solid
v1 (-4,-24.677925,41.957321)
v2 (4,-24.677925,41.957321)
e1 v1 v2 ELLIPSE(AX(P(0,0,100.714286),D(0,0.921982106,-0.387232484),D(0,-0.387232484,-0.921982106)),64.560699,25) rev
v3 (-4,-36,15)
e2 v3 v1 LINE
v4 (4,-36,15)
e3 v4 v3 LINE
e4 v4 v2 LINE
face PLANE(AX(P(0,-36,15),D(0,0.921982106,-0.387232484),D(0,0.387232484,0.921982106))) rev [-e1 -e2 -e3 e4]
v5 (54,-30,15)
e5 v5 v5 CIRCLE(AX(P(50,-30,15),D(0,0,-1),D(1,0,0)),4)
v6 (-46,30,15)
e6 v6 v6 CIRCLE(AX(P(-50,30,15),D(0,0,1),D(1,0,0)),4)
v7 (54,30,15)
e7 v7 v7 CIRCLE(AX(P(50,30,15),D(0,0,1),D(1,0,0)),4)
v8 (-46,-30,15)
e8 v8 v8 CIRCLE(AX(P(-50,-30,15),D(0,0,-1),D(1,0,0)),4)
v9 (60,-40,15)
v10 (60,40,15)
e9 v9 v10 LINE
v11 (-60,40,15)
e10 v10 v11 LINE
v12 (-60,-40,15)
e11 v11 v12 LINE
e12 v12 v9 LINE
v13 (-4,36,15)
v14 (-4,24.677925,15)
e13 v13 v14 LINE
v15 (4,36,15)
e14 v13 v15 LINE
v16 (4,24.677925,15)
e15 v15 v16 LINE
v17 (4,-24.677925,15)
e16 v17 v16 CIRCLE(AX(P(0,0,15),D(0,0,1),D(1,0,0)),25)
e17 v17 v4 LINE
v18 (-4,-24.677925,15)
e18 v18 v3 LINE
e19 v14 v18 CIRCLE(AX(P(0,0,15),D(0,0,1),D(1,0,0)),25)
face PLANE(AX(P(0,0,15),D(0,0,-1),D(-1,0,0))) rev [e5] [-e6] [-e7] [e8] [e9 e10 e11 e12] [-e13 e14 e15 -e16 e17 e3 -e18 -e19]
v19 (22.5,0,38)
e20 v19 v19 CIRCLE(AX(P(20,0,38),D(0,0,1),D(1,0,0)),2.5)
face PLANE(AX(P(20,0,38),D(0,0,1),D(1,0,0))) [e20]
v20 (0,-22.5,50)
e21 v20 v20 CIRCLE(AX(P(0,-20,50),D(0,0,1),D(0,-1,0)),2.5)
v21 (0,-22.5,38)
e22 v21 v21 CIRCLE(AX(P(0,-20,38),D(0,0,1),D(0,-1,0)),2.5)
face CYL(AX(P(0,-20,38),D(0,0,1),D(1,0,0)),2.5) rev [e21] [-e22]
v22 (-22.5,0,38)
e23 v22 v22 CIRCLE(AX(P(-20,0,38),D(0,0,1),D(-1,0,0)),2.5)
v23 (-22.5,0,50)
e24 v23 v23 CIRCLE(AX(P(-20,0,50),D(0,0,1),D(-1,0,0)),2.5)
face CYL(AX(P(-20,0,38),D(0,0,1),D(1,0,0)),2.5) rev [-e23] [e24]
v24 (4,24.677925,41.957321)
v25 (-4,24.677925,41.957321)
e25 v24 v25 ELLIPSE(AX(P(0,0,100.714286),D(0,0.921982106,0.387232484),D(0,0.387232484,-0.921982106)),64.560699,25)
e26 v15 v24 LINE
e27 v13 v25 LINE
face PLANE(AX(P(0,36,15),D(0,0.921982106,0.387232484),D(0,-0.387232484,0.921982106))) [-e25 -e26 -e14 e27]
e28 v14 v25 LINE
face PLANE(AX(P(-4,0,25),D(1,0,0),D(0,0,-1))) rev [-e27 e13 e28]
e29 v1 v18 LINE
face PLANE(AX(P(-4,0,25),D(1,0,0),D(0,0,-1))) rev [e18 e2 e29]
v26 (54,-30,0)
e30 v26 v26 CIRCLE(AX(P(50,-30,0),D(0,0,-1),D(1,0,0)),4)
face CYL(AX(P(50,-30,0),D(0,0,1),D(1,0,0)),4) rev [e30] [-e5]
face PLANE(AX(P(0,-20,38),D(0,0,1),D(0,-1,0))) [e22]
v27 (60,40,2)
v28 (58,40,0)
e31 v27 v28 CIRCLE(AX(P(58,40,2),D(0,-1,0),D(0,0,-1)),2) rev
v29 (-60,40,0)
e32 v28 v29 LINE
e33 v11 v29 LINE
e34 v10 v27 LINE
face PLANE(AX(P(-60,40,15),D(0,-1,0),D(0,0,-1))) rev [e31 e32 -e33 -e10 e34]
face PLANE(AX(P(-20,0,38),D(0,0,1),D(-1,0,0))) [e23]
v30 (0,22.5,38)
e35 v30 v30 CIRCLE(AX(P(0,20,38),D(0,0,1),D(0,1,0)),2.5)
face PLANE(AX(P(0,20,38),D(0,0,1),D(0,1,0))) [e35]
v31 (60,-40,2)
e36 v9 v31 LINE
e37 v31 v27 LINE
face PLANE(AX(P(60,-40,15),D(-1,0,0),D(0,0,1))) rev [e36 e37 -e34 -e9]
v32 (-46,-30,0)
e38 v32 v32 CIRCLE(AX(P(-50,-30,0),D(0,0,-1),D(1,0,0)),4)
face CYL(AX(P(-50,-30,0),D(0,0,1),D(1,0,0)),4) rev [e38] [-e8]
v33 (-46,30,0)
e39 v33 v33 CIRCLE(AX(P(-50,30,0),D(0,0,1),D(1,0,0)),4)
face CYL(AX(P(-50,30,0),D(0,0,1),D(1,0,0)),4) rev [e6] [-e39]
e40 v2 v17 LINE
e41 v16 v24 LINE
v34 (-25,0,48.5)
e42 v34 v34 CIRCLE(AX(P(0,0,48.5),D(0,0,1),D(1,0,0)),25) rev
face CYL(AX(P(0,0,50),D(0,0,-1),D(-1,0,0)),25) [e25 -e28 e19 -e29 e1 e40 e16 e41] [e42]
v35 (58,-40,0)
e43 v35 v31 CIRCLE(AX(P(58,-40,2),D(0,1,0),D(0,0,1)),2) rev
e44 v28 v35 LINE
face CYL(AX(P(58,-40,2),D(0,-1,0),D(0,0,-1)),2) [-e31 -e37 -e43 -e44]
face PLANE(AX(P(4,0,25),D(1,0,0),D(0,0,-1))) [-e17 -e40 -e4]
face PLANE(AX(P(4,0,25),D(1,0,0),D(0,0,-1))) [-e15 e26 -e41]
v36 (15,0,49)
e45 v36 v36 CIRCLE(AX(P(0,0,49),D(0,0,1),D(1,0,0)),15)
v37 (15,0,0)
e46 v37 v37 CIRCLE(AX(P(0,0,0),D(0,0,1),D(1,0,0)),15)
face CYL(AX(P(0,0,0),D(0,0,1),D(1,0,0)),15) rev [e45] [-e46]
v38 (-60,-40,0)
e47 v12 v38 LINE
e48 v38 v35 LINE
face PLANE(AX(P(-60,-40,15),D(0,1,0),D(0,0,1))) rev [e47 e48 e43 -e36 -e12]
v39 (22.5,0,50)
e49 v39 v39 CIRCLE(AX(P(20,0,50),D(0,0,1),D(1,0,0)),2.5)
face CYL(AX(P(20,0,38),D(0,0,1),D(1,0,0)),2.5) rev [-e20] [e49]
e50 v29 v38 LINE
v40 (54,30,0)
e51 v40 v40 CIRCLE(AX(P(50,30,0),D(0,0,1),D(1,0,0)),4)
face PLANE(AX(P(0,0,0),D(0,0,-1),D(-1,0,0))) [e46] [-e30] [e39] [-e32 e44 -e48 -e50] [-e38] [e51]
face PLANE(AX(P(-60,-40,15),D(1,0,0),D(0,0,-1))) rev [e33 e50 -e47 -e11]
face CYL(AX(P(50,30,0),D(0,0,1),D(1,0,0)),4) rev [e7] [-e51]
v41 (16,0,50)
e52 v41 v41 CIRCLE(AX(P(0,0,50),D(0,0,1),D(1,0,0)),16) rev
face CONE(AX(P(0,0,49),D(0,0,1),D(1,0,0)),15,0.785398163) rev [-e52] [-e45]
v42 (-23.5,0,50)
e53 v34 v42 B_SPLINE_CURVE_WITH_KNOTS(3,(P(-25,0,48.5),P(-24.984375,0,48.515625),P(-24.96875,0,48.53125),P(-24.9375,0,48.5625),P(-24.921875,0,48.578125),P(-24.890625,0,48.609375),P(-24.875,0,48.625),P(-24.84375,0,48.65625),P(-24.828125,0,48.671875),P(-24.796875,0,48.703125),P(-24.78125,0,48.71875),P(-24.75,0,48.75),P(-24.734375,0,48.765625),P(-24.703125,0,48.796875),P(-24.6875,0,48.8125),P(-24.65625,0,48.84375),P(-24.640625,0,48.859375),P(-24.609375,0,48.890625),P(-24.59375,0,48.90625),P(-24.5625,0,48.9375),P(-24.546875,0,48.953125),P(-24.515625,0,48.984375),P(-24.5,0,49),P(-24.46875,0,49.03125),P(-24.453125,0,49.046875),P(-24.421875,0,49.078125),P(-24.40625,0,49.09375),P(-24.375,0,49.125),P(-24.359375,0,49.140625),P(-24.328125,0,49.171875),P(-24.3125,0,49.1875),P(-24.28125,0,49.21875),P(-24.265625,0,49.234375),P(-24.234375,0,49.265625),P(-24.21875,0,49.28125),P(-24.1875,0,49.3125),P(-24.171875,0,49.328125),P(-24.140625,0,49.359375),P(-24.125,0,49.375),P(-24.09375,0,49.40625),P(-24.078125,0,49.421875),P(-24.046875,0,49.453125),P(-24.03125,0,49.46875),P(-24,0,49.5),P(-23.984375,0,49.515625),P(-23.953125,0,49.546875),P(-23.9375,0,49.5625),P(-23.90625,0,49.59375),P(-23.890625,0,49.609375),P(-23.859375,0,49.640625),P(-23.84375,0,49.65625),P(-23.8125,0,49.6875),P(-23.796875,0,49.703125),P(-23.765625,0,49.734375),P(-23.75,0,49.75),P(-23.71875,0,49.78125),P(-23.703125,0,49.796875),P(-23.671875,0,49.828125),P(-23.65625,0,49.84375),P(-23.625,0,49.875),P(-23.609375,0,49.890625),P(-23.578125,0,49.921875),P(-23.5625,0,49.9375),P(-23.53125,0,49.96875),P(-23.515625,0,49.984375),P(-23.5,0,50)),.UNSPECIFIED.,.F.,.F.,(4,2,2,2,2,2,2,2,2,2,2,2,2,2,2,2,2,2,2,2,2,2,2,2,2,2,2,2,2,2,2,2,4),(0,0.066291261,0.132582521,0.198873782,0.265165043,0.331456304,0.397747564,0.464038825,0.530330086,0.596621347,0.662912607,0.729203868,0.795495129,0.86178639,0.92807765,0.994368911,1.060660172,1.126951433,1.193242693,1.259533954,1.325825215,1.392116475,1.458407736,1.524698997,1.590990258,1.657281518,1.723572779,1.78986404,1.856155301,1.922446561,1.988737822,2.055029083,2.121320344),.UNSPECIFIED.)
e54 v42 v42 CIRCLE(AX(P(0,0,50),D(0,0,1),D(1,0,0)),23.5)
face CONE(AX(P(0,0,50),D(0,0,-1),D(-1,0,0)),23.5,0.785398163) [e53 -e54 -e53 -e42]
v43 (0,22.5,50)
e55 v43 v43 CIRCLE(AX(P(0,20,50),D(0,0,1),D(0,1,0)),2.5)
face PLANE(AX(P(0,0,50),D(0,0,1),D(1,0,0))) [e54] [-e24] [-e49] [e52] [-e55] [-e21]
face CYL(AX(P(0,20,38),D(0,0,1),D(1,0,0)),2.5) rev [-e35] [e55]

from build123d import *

# Parameters (mm, degrees)
SKETCH1_W               = 120
SKETCH1_H               = 80
BOSS_EXTRUDE1_DEPTH     = 15
SKETCH2_R               = 25
BOSS_EXTRUDE2_DEPTH     = 35
SKETCH3_R               = 15
CUT_EXTRUDE1_DEPTH      = 88.749643874
SKETCH4_R               = 4
CUT_EXTRUDE2_DEPTH      = 81.156097709
LPATTERN1_COUNT         = 2
LPATTERN1_PITCH         = 100
MIRROR1_COPY_1_SKETCH_R = 4
MIRROR1_COPY_1_DEPTH    = 81.156097709
SKETCH5_R               = 2.5
CUT_EXTRUDE3_DEPTH      = 12
CIRPATTERN1_COUNT       = 4
CHAMFER1_SIZE           = 1.5
CHAMFER2_SIZE           = 1
RIB6_REACH              = 89.75
SKETCH8_2_WALL_W        = 204.614781474
SKETCH8_2_WALL_H        = 8
RIB7_REACH              = 89.75
SKETCH9_WALL_W          = 204.614781474
SKETCH9_WALL_H          = 8
FILLET2_R               = 2


with BuildPart() as part:
    # Sketch1 → Boss-Extrude1 (new body)
    with BuildSketch(Plane.XY):
        Rectangle(SKETCH1_W, SKETCH1_H)
    extrude(amount=BOSS_EXTRUDE1_DEPTH)

    # Sketch2 → Boss-Extrude2 (add)
    with BuildSketch(Plane.XY.offset(15)):
        Circle(SKETCH2_R)
    extrude(amount=BOSS_EXTRUDE2_DEPTH)

    # Sketch3 → Cut-Extrude1 (cut, through all)
    with BuildSketch(Plane.XY.offset(50)):
        Circle(SKETCH3_R)
    extrude(amount=-CUT_EXTRUDE1_DEPTH, mode=Mode.SUBTRACT)

    # Sketch4 → Cut-Extrude2 (cut, through all)
    with BuildSketch(Plane.XY.offset(15)):
        with Locations((-50, 30)):
            Circle(SKETCH4_R)
    cut_extrude2 = extrude(amount=-CUT_EXTRUDE2_DEPTH, mode=Mode.SUBTRACT)

    # LPattern1: Cut-Extrude2 ×2
    with Locations(*[(i * LPATTERN1_PITCH, 0, 0) for i in range(1, LPATTERN1_COUNT)]):
        add(cut_extrude2, mode=Mode.SUBTRACT)

    # Mirror1: Cut-Extrude2 across plane
    add(cut_extrude2.mirror(Plane.ZX), mode=Mode.SUBTRACT)

    # Mirror1 copy 1 sketch → Mirror1 copy 1 (cut, through all)
    with BuildSketch(Plane(origin=(100, 0, 15), x_dir=(1, 0, 0), z_dir=(0, 0, 1))):
        with Locations((-50, -30)):
            Circle(MIRROR1_COPY_1_SKETCH_R)
    extrude(amount=-MIRROR1_COPY_1_DEPTH, mode=Mode.SUBTRACT)

    # Sketch5 → Cut-Extrude3 (cut)
    with BuildSketch(Plane.XY.offset(50)):
        with Locations((20, 0)):
            Circle(SKETCH5_R)
    cut_extrude3 = extrude(amount=-CUT_EXTRUDE3_DEPTH, mode=Mode.SUBTRACT)

    # CirPattern1: Cut-Extrude3 ×4 about axis
    cirpattern1_axis = Axis((0, 0, 52.5), (0, 0, -1))
    for i in range(1, CIRPATTERN1_COUNT):
        add(cut_extrude3.rotate(cirpattern1_axis, i * 360 / CIRPATTERN1_COUNT), mode=Mode.SUBTRACT)

    # Chamfer1
    chamfer1_edges = [part.edges().sort_by_distance(p)[0] for p in [
        (-25, 0, 50),
    ]]
    chamfer(chamfer1_edges, length=CHAMFER1_SIZE)

    # Chamfer2
    chamfer2_edges = [part.edges().sort_by_distance(p)[0] for p in [
        (-15, 0, 50),
    ]]
    chamfer(chamfer2_edges, length=CHAMFER2_SIZE)

    # Sketch8<2> wall → Rib6 (add, up to next)
    with BuildSketch(Plane(origin=(0, 30.75, 27.5), x_dir=(0, -0.387232484355, 0.921982105607), z_dir=(0, -0.921982105607, -0.387232484355)), mode=Mode.PRIVATE) as rib6_sk1:
        Rectangle(SKETCH8_2_WALL_W, SKETCH8_2_WALL_H)
    rib6_tool1 = extrude(rib6_sk1.sketch, amount=RIB6_REACH, mode=Mode.PRIVATE) - part.part
    add(rib6_tool1.solids().sort_by_distance((0, 30.75, 27.5))[0])

    # Sketch9 wall → Rib7 (add, up to next)
    with BuildSketch(Plane(origin=(0, -30.75, 27.5), x_dir=(0, 0.387232484355, 0.921982105607), z_dir=(0, -0.921982105607, 0.387232484355)), mode=Mode.PRIVATE) as rib7_sk1:
        Rectangle(SKETCH9_WALL_W, SKETCH9_WALL_H)
    rib7_tool1 = extrude(rib7_sk1.sketch, amount=-RIB7_REACH, mode=Mode.PRIVATE) - part.part
    add(rib7_tool1.solids().sort_by_distance((0, -30.75, 27.5))[0])

    # Fillet2
    fillet2_edges = [part.edges().sort_by_distance(p)[0] for p in [
        (60, 0, 0),
    ]]
    fillet(fillet2_edges, radius=FILLET2_R)


solid = part.part
